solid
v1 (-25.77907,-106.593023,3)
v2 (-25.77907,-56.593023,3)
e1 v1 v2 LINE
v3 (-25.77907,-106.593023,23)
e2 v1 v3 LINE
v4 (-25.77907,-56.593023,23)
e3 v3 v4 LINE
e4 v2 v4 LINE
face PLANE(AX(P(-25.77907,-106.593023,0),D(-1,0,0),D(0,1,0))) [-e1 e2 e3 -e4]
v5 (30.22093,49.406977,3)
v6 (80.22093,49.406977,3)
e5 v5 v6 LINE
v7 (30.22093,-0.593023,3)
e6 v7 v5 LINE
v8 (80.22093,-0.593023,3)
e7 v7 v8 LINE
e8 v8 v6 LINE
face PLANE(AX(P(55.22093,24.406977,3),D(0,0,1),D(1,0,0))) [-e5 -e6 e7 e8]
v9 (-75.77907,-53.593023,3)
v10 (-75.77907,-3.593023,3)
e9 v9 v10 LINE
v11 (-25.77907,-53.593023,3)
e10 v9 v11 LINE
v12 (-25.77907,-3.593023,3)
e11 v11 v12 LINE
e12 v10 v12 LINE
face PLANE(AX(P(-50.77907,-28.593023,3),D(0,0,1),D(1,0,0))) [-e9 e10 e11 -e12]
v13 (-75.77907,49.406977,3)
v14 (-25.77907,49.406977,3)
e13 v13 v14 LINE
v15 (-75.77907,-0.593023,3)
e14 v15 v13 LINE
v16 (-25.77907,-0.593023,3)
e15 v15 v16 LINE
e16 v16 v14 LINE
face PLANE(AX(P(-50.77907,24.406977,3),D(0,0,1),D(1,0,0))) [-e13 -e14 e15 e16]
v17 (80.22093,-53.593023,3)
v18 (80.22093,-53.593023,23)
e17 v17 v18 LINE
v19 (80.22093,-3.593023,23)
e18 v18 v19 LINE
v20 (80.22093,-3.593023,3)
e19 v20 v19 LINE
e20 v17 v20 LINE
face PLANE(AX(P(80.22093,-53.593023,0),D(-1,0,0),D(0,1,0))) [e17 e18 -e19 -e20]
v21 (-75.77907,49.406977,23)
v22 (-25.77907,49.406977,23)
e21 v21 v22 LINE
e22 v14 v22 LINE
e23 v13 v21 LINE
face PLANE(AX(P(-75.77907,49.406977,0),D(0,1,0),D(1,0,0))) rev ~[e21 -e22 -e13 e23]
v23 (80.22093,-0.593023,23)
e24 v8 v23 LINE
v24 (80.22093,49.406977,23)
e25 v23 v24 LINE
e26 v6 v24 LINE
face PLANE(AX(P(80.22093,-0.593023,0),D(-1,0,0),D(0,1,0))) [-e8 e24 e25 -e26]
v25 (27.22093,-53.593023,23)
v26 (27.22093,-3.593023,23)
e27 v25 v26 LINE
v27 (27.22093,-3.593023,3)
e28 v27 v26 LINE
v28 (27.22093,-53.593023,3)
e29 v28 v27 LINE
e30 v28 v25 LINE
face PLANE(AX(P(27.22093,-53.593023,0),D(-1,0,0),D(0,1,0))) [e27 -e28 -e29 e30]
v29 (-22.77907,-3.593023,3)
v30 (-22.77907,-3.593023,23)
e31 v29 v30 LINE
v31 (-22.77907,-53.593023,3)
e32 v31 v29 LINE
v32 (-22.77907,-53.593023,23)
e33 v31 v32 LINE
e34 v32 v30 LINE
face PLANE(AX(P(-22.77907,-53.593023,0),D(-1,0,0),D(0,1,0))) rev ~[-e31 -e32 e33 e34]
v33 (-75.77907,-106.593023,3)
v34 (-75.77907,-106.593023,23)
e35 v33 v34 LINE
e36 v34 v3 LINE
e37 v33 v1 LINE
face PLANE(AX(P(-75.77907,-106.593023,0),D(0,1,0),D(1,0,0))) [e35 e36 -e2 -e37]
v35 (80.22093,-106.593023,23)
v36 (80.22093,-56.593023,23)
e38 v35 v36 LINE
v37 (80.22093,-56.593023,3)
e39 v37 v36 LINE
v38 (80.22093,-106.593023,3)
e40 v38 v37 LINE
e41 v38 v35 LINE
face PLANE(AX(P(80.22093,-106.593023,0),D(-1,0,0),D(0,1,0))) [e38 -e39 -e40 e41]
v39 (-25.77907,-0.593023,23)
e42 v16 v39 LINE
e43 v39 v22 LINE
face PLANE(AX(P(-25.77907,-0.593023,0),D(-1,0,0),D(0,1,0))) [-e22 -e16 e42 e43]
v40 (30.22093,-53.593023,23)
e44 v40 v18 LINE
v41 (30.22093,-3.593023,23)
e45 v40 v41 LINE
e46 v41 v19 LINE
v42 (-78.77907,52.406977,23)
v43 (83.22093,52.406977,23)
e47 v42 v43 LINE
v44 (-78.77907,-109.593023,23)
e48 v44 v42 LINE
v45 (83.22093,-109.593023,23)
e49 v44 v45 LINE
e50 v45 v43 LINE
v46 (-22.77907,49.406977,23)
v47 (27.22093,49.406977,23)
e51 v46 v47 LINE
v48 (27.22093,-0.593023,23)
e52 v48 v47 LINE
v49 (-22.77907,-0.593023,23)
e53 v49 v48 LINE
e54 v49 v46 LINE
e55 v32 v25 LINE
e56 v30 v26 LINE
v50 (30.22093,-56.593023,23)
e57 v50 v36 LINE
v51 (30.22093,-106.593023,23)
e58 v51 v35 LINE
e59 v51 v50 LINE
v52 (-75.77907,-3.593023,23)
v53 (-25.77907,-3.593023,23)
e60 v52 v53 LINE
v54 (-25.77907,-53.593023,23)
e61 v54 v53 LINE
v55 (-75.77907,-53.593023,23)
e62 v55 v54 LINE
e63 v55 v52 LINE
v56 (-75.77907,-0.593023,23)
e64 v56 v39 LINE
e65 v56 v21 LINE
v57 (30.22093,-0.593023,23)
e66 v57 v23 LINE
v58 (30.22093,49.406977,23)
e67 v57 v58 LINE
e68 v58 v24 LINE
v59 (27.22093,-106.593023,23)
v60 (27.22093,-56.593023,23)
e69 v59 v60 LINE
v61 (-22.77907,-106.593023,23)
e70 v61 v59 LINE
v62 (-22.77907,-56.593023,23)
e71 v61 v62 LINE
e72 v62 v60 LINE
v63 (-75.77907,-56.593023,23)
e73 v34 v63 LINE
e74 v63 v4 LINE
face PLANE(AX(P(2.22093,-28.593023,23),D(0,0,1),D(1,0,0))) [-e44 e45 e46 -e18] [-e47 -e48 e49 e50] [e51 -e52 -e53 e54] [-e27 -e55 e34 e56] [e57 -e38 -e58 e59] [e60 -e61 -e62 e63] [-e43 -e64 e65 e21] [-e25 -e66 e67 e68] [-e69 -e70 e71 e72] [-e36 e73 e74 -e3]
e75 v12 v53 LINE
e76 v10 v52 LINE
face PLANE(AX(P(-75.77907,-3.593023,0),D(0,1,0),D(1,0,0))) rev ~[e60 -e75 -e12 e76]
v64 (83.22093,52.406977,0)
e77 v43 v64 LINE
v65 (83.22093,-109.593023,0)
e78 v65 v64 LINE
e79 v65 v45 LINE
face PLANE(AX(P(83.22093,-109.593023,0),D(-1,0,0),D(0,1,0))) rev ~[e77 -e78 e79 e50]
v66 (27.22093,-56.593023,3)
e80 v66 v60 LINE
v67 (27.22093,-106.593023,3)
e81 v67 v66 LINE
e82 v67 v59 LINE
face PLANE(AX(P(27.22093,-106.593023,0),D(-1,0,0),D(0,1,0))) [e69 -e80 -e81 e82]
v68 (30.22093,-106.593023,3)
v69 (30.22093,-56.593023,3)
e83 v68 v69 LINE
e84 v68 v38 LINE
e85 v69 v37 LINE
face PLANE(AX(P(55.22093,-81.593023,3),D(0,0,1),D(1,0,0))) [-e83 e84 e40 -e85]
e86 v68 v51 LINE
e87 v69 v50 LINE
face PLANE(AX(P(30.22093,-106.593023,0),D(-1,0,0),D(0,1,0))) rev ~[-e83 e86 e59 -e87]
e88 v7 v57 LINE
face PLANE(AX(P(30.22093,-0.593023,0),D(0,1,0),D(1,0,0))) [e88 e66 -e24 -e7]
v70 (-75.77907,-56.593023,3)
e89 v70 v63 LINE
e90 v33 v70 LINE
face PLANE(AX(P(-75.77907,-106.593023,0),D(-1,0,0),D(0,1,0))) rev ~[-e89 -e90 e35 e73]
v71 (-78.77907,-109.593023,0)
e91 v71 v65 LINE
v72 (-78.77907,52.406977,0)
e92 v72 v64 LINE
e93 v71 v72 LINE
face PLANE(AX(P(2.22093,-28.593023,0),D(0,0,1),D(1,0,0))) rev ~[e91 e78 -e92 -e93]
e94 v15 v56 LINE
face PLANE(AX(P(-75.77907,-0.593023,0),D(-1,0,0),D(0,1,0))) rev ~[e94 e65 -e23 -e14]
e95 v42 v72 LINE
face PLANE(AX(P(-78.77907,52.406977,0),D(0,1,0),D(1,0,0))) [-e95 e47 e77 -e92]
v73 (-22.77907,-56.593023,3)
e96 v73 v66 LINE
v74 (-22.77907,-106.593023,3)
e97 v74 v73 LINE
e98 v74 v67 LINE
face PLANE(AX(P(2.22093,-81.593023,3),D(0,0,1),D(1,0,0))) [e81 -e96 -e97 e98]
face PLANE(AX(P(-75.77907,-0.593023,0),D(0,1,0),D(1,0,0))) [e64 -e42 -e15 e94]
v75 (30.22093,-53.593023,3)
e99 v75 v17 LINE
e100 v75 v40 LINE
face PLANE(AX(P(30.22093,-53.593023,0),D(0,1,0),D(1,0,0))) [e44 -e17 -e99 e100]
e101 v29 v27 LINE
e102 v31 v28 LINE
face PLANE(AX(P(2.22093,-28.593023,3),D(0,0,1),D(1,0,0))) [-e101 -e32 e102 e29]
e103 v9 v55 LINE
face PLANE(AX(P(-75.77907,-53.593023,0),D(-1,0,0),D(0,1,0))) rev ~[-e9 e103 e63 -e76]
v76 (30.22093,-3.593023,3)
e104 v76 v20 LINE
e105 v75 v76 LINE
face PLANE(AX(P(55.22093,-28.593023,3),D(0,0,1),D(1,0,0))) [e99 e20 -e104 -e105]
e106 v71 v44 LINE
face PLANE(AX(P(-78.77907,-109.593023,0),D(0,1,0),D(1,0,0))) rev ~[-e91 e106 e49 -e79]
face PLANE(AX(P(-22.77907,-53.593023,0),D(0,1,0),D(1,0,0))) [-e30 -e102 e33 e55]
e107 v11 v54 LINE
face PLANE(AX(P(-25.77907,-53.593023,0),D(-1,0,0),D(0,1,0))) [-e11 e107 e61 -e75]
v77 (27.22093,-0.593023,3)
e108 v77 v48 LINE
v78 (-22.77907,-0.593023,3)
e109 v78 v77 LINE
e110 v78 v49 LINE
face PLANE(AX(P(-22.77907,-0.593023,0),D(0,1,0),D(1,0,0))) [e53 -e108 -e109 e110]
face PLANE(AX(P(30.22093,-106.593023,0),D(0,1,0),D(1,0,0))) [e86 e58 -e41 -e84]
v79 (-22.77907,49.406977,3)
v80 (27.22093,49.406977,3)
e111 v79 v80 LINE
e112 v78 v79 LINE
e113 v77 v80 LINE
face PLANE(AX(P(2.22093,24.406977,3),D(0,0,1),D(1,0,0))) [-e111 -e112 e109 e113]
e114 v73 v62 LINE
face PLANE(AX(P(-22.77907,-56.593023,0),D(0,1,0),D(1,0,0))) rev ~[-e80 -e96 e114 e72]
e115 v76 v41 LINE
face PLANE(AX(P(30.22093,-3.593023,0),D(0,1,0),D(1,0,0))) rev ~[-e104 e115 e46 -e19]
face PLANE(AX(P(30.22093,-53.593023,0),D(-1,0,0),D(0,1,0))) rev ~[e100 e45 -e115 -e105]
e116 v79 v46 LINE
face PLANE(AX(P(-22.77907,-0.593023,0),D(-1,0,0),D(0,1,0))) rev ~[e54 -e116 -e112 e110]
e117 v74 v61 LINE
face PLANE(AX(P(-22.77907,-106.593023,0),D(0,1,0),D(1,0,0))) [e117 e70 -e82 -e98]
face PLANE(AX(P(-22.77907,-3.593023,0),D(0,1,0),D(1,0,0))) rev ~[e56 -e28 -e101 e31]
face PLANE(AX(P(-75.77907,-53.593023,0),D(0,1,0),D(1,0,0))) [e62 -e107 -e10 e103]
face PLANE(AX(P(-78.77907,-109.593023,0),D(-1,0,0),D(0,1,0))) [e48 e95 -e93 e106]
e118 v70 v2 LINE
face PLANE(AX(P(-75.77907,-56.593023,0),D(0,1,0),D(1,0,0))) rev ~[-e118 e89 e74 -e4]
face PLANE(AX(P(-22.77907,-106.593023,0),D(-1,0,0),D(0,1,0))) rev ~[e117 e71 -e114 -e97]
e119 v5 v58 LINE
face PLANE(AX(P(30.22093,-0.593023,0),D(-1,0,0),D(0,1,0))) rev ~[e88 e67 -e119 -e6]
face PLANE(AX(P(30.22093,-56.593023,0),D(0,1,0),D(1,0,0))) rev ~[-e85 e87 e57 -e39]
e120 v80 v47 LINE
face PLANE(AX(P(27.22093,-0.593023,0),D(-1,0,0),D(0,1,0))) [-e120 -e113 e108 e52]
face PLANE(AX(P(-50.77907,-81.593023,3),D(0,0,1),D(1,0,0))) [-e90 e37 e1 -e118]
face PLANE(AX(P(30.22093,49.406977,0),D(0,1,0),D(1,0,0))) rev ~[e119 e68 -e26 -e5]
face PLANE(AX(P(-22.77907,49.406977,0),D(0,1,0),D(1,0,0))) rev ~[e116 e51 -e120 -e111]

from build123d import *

# Parameters (mm, degrees)
SKETCH1_W           = 162
SKETCH1_H           = 162
SKETCH1_W_2         = 50
SKETCH1_H_2         = 50
BOSS_EXTRUDE1_DEPTH = 23
SKETCH1_2_W         = 162
SKETCH1_2_H         = 162
BOSS_EXTRUDE2_DEPTH = 3


with BuildPart() as part:
    # Sketch1 → Boss-Extrude1 (new body)
    with BuildSketch(Plane.XY):
        with Locations((2.220930233, -28.593023256)):
            Rectangle(SKETCH1_W, SKETCH1_H)
        with Locations((-50.779069767, 24.406976744)):
            Rectangle(SKETCH1_W_2, SKETCH1_H_2, mode=Mode.SUBTRACT)
        with Locations((2.220930233, 24.406976744)):
            Rectangle(SKETCH1_W_2, SKETCH1_H_2, mode=Mode.SUBTRACT)
        with Locations((55.220930233, 24.406976744)):
            Rectangle(SKETCH1_W_2, SKETCH1_H_2, mode=Mode.SUBTRACT)
        with Locations((-50.779069767, -28.593023256)):
            Rectangle(SKETCH1_W_2, SKETCH1_H_2, mode=Mode.SUBTRACT)
        with Locations((2.220930233, -28.593023256)):
            Rectangle(SKETCH1_W_2, SKETCH1_H_2, mode=Mode.SUBTRACT)
        with Locations((55.220930233, -28.593023256)):
            Rectangle(SKETCH1_W_2, SKETCH1_H_2, mode=Mode.SUBTRACT)
        with Locations((-50.779069767, -81.593023256)):
            Rectangle(SKETCH1_W_2, SKETCH1_H_2, mode=Mode.SUBTRACT)
        with Locations((2.220930233, -81.593023256)):
            Rectangle(SKETCH1_W_2, SKETCH1_H_2, mode=Mode.SUBTRACT)
        with Locations((55.220930233, -81.593023256)):
            Rectangle(SKETCH1_W_2, SKETCH1_H_2, mode=Mode.SUBTRACT)
    extrude(amount=BOSS_EXTRUDE1_DEPTH)

    # Sketch1<2> → Boss-Extrude2 (add)
    with BuildSketch(Plane.XY):
        with Locations((2.220930233, -28.593023256)):
            Rectangle(SKETCH1_2_W, SKETCH1_2_H)
    extrude(amount=BOSS_EXTRUDE2_DEPTH)


solid = part.part
